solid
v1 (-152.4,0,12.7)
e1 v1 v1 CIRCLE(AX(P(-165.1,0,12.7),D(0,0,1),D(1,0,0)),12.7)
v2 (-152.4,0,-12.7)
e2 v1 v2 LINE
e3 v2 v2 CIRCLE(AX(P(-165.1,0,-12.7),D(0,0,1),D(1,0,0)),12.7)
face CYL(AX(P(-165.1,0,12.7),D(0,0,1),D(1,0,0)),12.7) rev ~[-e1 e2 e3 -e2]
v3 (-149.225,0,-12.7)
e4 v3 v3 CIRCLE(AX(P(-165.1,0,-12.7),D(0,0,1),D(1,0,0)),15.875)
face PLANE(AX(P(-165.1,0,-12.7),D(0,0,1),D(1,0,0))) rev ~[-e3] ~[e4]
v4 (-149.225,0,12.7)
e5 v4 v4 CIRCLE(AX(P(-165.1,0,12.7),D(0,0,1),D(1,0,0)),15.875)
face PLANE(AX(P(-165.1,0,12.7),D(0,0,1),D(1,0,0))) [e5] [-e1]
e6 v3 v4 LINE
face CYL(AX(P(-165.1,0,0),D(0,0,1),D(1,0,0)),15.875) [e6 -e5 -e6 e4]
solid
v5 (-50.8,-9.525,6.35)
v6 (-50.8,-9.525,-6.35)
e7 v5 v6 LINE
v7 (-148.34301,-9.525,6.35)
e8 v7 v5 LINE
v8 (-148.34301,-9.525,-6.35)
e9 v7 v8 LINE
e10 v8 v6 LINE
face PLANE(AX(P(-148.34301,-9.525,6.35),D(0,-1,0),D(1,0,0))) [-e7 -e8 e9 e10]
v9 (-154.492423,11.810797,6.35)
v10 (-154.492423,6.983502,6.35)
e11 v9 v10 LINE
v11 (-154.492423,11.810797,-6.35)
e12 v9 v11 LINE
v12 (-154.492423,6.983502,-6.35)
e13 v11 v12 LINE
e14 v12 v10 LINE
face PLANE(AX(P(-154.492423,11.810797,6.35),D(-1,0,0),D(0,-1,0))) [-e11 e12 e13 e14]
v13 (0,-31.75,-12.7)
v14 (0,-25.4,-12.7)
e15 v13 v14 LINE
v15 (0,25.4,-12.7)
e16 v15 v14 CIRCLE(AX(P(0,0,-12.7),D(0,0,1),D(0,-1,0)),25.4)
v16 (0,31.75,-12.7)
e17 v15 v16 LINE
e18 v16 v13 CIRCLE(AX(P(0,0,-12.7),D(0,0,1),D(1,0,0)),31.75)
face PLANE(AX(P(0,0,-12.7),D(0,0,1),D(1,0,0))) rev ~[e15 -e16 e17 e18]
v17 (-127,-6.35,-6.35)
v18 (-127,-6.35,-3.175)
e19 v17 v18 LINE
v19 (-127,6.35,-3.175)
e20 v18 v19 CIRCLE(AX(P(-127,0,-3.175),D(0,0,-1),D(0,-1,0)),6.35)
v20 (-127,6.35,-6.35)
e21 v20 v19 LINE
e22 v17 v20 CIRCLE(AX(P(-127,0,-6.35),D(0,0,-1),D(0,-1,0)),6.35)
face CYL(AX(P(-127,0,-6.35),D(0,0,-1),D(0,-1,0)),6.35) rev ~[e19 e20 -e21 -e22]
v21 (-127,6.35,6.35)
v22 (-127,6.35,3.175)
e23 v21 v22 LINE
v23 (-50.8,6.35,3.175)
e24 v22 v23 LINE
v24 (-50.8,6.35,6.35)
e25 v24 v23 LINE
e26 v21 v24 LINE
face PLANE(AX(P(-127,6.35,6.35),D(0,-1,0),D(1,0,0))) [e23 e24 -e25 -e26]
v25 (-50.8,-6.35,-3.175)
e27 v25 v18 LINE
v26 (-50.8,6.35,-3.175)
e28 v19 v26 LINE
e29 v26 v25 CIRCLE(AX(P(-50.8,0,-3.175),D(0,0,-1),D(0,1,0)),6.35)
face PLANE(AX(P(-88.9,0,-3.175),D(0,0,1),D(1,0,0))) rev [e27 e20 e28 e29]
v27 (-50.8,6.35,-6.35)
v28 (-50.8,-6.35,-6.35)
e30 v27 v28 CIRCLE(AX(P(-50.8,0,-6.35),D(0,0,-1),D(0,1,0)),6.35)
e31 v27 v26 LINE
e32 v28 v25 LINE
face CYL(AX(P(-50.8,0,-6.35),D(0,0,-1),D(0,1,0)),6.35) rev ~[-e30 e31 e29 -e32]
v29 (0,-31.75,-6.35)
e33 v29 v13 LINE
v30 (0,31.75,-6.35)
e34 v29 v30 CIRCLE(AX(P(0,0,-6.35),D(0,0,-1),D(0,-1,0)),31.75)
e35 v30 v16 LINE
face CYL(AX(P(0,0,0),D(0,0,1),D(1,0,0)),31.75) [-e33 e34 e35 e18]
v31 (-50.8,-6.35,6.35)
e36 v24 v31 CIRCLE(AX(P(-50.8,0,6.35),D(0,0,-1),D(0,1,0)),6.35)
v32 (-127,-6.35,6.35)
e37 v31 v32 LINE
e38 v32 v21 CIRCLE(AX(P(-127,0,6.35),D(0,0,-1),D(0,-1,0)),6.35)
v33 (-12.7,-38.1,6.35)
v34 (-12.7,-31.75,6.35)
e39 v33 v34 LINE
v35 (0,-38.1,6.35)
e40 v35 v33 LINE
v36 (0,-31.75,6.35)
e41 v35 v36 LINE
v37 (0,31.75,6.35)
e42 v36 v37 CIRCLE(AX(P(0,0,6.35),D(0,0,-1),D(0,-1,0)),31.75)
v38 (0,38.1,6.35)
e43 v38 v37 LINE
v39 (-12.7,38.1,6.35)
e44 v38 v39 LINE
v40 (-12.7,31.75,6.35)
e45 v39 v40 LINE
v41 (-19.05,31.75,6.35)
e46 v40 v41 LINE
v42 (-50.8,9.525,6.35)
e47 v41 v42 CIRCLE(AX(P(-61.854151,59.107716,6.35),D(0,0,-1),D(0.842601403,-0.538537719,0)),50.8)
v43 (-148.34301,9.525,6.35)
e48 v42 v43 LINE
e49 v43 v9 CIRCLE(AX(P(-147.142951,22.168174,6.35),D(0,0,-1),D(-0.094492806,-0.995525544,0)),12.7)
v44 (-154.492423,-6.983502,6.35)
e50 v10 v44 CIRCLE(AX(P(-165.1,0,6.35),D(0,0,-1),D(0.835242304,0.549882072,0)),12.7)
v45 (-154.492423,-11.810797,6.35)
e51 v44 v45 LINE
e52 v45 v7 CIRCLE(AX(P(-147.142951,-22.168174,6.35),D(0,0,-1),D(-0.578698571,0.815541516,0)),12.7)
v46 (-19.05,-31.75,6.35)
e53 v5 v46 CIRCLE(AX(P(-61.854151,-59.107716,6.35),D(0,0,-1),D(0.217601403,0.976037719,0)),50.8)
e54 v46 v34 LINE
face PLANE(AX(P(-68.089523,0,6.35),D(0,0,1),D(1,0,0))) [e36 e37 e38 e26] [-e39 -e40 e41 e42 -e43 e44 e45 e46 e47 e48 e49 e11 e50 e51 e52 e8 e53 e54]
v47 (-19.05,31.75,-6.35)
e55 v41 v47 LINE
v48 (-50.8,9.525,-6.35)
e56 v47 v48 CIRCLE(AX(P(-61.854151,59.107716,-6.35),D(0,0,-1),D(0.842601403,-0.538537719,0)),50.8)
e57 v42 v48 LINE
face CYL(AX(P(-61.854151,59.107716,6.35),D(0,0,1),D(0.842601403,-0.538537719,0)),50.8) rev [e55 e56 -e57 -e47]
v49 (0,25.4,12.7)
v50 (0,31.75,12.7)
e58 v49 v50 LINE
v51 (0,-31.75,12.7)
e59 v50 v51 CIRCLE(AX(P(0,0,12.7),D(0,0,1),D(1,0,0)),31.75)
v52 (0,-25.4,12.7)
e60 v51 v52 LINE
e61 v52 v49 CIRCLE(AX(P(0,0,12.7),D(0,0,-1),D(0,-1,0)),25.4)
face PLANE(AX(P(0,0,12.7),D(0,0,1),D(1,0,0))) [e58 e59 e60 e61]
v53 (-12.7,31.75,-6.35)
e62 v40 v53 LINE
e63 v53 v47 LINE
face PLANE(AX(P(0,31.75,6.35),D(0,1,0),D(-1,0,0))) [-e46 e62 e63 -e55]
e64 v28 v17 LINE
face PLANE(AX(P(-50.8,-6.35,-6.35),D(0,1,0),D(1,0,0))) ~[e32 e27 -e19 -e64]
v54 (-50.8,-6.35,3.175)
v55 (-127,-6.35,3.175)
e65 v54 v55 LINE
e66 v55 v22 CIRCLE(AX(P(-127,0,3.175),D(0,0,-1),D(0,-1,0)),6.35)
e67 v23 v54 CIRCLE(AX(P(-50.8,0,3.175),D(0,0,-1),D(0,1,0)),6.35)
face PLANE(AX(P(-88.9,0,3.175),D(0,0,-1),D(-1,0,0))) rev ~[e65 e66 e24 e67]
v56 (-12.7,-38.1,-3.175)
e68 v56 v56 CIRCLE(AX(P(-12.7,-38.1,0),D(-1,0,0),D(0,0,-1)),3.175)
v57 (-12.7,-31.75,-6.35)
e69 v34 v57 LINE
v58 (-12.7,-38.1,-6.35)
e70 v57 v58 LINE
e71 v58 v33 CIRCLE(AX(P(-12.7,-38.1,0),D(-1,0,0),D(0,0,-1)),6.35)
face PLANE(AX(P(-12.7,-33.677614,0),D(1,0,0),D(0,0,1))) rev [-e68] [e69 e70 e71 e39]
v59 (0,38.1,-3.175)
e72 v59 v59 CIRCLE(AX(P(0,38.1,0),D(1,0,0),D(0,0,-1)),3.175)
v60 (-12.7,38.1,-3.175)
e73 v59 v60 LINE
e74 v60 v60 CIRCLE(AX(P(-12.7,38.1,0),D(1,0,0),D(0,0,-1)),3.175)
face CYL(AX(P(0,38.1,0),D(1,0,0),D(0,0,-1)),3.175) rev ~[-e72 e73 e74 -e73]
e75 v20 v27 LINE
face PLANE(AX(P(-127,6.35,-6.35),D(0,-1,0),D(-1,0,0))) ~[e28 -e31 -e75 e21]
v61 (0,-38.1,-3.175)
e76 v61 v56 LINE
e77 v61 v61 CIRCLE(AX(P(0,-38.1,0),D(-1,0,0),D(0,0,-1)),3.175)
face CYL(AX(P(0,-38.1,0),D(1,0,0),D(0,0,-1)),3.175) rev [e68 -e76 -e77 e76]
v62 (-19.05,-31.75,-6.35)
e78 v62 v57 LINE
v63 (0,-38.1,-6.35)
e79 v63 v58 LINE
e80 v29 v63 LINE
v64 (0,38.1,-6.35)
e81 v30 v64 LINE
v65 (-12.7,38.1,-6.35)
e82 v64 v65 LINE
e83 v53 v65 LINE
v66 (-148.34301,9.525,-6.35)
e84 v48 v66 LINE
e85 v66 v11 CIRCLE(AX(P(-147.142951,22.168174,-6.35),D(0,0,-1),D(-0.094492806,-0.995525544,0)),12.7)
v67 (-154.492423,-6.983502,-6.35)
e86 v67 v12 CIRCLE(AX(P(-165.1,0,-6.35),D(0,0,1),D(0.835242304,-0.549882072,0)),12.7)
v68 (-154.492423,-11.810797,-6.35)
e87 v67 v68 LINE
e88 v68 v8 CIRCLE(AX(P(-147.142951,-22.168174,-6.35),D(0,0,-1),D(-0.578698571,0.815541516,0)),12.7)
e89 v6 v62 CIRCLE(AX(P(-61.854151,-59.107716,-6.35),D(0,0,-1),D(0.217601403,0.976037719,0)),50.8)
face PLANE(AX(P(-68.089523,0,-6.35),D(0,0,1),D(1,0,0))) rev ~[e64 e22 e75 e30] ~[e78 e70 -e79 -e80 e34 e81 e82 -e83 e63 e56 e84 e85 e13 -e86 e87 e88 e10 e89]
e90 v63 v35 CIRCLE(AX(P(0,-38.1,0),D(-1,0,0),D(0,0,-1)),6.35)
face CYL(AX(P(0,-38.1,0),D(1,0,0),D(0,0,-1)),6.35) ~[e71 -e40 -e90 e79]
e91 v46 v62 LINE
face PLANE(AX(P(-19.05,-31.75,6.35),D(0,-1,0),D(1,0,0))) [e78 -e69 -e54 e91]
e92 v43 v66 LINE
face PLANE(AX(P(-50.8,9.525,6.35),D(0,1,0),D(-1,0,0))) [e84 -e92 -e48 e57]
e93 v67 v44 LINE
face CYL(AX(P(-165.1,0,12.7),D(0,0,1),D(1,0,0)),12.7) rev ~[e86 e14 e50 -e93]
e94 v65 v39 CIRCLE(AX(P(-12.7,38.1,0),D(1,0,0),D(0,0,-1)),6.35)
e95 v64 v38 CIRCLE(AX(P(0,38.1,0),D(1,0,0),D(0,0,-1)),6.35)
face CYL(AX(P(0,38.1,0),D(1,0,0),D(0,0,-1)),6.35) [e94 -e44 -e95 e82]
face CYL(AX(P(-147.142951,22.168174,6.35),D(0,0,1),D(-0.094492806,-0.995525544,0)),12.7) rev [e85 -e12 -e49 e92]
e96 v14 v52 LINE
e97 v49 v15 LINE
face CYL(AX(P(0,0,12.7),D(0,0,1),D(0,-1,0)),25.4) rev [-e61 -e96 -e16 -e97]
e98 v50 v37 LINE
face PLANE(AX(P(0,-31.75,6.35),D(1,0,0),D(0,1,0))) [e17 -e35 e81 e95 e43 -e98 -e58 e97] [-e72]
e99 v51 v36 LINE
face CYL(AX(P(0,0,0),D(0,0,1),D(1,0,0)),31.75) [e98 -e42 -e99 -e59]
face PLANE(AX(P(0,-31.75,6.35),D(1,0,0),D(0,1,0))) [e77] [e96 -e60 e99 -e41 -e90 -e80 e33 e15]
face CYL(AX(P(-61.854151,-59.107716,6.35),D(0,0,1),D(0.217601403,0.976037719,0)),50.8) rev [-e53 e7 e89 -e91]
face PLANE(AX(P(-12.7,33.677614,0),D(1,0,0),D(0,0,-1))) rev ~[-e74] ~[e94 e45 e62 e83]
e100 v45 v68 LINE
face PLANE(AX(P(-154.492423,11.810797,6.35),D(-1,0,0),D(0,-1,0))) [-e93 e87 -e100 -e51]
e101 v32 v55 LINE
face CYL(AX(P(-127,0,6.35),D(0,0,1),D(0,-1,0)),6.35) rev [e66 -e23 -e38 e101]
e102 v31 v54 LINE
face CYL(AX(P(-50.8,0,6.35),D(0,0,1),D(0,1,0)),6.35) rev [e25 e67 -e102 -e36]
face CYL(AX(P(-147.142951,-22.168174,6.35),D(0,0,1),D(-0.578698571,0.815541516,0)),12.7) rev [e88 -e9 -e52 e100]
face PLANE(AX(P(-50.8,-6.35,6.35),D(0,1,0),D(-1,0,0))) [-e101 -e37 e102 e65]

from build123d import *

# Parameters (mm, degrees)
SKETCH2_R             = 31.75
BOSS_EXTRUDE2_DEPTH   = 12.7
SKETCH2_R_2           = 15.875
BOSS_EXTRUDE2_2_DEPTH = 12.7
BOSS_EXTRUDE3_START   = -6.35
BOSS_EXTRUDE3_DEPTH   = 12.7
CUT_EXTRUDE1_DEPTH    = 3.175
SKETCH5_R             = 12.7
CUT_EXTRUDE2_DEPTH    = 26.4
BOSS_EXTRUDE4_DEPTH   = 12.7
SKETCH7_R             = 3.175
CUT_EXTRUDE3_DEPTH    = 12.7


with BuildPart() as part:
    # Sketch2 → Boss-Extrude2 (new body, symmetric)
    with BuildSketch(Plane.XY):
        Circle(SKETCH2_R)
    extrude(amount=BOSS_EXTRUDE2_DEPTH, both=True)


with BuildPart() as body_2:
    # Sketch2 → Boss-Extrude2 2 (new body, symmetric)
    with BuildSketch(Plane.XY):
        with Locations((-165.1, 0)):
            Circle(SKETCH2_R_2)
    extrude(amount=BOSS_EXTRUDE2_2_DEPTH, both=True)


with BuildPart() as body_3:
    # Sketch3 → Boss-Extrude3 (new body)
    with BuildSketch(Plane.XY.offset(12.7).offset(BOSS_EXTRUDE3_START)):
        with BuildLine():
            Line((0, 31.75), (-19.05, 31.75))
            ThreePointArc((-19.05, 31.75), (-32.7222642, 17.490734571), (-50.8, 9.525))
            Line((-50.8, 9.525), (-148.343009524, 9.525))
            ThreePointArc((-148.343009524, 9.525), (-151.567861624, 10.263966545), (-154.492422733, 11.810797159))
            Line((-154.492422733, 11.810797159), (-154.492422733, -11.810797159))
            ThreePointArc((-154.492422733, -11.810797159), (-151.567861624, -10.263966545), (-148.343009524, -9.525))
            Line((-148.343009524, -9.525), (-50.8, -9.525))
            ThreePointArc((-50.8, -9.525), (-32.7222642, -17.490734571), (-19.05, -31.75))
            Line((-19.05, -31.75), (0, -31.75))
            Line((0, -31.75), (0, 31.75))
        make_face()
    extrude(amount=-BOSS_EXTRUDE3_DEPTH)

    # Sketch4 → Cut-Extrude1 (cut)
    with BuildSketch(Plane.XY.offset(6.35)):
        with BuildLine():
            Line((-127, 6.35), (-50.8, 6.35))
            ThreePointArc((-50.8, 6.35), (-44.45, 0), (-50.8, -6.35))
            Line((-50.8, -6.35), (-127, -6.35))
            ThreePointArc((-127, -6.35), (-133.35, 0), (-127, 6.35))
        make_face()
    cut_extrude1 = extrude(amount=-CUT_EXTRUDE1_DEPTH, mode=Mode.SUBTRACT)

    # Mirror1: Cut-Extrude1 across plane
    add(cut_extrude1.mirror(Plane.XY), mode=Mode.SUBTRACT)


with BuildPart() as cut_extrude2_tool:
    # Sketch5 → Cut-Extrude2 (new body, through all)
    with BuildSketch(Plane.XY.offset(12.7)):
        with Locations((-165.1, 0)):
            Circle(SKETCH5_R)
        with BuildLine():
            Line((0, 31.75), (33.396136352, 31.75))
            Line((33.396136352, 31.75), (33.396136352, -31.75))
            Line((33.396136352, -31.75), (0, -31.75))
            Line((0, -31.75), (0, -25.4))
            ThreePointArc((0, -25.4), (-25.4, 0), (0, 25.4))
            Line((0, 25.4), (0, 31.75))
        make_face()
    extrude(amount=-CUT_EXTRUDE2_DEPTH)


with BuildPart() as part_1:
    add(part.part)

    # Cut-Extrude2: cut by cut_extrude2_tool
    add(cut_extrude2_tool.part, mode=Mode.SUBTRACT)



with BuildPart() as body_2_1:
    add(body_2.part)

    # Cut-Extrude2: cut by cut_extrude2_tool
    add(cut_extrude2_tool.part, mode=Mode.SUBTRACT)


with BuildPart() as body_3_1:
    add(body_3.part)

    # Cut-Extrude2: cut by cut_extrude2_tool
    add(cut_extrude2_tool.part, mode=Mode.SUBTRACT)


with BuildPart() as part_2:
    add(part_1.part)

    add(body_3_1.part)  # Boss-Extrude4 merges body 3
    # Sketch6 → Boss-Extrude4 (add)
    with BuildSketch(Plane(origin=(0, 0, 0), x_dir=(0, 0, -1), z_dir=(1, 0, 0))):
        with BuildLine():
            Line((-6.35, 25.4), (6.35, 25.4))
            Line((6.35, 25.4), (6.35, 38.1))
            ThreePointArc((6.35, 38.1), (0, 44.45), (-6.35, 38.1))
            Line((-6.35, 38.1), (-6.35, 25.4))
        make_face()
    boss_extrude4 = extrude(amount=-BOSS_EXTRUDE4_DEPTH)

    # Mirror2: Boss-Extrude4 across plane
    add(boss_extrude4.mirror(Plane.ZX))

    # Sketch7 → Cut-Extrude3 (cut)
    with BuildSketch(Plane(origin=(0, 0, 0), x_dir=(0, 0, -1), z_dir=(1, 0, 0))):
        with Locations((0, 38.1)):
            Circle(SKETCH7_R)
    cut_extrude3 = extrude(amount=-CUT_EXTRUDE3_DEPTH, mode=Mode.SUBTRACT)

    # Mirror3: Cut-Extrude3 across plane
    add(cut_extrude3.mirror(Plane.ZX), mode=Mode.SUBTRACT)


solid = Compound([body_2_1.part, part_2.part])
